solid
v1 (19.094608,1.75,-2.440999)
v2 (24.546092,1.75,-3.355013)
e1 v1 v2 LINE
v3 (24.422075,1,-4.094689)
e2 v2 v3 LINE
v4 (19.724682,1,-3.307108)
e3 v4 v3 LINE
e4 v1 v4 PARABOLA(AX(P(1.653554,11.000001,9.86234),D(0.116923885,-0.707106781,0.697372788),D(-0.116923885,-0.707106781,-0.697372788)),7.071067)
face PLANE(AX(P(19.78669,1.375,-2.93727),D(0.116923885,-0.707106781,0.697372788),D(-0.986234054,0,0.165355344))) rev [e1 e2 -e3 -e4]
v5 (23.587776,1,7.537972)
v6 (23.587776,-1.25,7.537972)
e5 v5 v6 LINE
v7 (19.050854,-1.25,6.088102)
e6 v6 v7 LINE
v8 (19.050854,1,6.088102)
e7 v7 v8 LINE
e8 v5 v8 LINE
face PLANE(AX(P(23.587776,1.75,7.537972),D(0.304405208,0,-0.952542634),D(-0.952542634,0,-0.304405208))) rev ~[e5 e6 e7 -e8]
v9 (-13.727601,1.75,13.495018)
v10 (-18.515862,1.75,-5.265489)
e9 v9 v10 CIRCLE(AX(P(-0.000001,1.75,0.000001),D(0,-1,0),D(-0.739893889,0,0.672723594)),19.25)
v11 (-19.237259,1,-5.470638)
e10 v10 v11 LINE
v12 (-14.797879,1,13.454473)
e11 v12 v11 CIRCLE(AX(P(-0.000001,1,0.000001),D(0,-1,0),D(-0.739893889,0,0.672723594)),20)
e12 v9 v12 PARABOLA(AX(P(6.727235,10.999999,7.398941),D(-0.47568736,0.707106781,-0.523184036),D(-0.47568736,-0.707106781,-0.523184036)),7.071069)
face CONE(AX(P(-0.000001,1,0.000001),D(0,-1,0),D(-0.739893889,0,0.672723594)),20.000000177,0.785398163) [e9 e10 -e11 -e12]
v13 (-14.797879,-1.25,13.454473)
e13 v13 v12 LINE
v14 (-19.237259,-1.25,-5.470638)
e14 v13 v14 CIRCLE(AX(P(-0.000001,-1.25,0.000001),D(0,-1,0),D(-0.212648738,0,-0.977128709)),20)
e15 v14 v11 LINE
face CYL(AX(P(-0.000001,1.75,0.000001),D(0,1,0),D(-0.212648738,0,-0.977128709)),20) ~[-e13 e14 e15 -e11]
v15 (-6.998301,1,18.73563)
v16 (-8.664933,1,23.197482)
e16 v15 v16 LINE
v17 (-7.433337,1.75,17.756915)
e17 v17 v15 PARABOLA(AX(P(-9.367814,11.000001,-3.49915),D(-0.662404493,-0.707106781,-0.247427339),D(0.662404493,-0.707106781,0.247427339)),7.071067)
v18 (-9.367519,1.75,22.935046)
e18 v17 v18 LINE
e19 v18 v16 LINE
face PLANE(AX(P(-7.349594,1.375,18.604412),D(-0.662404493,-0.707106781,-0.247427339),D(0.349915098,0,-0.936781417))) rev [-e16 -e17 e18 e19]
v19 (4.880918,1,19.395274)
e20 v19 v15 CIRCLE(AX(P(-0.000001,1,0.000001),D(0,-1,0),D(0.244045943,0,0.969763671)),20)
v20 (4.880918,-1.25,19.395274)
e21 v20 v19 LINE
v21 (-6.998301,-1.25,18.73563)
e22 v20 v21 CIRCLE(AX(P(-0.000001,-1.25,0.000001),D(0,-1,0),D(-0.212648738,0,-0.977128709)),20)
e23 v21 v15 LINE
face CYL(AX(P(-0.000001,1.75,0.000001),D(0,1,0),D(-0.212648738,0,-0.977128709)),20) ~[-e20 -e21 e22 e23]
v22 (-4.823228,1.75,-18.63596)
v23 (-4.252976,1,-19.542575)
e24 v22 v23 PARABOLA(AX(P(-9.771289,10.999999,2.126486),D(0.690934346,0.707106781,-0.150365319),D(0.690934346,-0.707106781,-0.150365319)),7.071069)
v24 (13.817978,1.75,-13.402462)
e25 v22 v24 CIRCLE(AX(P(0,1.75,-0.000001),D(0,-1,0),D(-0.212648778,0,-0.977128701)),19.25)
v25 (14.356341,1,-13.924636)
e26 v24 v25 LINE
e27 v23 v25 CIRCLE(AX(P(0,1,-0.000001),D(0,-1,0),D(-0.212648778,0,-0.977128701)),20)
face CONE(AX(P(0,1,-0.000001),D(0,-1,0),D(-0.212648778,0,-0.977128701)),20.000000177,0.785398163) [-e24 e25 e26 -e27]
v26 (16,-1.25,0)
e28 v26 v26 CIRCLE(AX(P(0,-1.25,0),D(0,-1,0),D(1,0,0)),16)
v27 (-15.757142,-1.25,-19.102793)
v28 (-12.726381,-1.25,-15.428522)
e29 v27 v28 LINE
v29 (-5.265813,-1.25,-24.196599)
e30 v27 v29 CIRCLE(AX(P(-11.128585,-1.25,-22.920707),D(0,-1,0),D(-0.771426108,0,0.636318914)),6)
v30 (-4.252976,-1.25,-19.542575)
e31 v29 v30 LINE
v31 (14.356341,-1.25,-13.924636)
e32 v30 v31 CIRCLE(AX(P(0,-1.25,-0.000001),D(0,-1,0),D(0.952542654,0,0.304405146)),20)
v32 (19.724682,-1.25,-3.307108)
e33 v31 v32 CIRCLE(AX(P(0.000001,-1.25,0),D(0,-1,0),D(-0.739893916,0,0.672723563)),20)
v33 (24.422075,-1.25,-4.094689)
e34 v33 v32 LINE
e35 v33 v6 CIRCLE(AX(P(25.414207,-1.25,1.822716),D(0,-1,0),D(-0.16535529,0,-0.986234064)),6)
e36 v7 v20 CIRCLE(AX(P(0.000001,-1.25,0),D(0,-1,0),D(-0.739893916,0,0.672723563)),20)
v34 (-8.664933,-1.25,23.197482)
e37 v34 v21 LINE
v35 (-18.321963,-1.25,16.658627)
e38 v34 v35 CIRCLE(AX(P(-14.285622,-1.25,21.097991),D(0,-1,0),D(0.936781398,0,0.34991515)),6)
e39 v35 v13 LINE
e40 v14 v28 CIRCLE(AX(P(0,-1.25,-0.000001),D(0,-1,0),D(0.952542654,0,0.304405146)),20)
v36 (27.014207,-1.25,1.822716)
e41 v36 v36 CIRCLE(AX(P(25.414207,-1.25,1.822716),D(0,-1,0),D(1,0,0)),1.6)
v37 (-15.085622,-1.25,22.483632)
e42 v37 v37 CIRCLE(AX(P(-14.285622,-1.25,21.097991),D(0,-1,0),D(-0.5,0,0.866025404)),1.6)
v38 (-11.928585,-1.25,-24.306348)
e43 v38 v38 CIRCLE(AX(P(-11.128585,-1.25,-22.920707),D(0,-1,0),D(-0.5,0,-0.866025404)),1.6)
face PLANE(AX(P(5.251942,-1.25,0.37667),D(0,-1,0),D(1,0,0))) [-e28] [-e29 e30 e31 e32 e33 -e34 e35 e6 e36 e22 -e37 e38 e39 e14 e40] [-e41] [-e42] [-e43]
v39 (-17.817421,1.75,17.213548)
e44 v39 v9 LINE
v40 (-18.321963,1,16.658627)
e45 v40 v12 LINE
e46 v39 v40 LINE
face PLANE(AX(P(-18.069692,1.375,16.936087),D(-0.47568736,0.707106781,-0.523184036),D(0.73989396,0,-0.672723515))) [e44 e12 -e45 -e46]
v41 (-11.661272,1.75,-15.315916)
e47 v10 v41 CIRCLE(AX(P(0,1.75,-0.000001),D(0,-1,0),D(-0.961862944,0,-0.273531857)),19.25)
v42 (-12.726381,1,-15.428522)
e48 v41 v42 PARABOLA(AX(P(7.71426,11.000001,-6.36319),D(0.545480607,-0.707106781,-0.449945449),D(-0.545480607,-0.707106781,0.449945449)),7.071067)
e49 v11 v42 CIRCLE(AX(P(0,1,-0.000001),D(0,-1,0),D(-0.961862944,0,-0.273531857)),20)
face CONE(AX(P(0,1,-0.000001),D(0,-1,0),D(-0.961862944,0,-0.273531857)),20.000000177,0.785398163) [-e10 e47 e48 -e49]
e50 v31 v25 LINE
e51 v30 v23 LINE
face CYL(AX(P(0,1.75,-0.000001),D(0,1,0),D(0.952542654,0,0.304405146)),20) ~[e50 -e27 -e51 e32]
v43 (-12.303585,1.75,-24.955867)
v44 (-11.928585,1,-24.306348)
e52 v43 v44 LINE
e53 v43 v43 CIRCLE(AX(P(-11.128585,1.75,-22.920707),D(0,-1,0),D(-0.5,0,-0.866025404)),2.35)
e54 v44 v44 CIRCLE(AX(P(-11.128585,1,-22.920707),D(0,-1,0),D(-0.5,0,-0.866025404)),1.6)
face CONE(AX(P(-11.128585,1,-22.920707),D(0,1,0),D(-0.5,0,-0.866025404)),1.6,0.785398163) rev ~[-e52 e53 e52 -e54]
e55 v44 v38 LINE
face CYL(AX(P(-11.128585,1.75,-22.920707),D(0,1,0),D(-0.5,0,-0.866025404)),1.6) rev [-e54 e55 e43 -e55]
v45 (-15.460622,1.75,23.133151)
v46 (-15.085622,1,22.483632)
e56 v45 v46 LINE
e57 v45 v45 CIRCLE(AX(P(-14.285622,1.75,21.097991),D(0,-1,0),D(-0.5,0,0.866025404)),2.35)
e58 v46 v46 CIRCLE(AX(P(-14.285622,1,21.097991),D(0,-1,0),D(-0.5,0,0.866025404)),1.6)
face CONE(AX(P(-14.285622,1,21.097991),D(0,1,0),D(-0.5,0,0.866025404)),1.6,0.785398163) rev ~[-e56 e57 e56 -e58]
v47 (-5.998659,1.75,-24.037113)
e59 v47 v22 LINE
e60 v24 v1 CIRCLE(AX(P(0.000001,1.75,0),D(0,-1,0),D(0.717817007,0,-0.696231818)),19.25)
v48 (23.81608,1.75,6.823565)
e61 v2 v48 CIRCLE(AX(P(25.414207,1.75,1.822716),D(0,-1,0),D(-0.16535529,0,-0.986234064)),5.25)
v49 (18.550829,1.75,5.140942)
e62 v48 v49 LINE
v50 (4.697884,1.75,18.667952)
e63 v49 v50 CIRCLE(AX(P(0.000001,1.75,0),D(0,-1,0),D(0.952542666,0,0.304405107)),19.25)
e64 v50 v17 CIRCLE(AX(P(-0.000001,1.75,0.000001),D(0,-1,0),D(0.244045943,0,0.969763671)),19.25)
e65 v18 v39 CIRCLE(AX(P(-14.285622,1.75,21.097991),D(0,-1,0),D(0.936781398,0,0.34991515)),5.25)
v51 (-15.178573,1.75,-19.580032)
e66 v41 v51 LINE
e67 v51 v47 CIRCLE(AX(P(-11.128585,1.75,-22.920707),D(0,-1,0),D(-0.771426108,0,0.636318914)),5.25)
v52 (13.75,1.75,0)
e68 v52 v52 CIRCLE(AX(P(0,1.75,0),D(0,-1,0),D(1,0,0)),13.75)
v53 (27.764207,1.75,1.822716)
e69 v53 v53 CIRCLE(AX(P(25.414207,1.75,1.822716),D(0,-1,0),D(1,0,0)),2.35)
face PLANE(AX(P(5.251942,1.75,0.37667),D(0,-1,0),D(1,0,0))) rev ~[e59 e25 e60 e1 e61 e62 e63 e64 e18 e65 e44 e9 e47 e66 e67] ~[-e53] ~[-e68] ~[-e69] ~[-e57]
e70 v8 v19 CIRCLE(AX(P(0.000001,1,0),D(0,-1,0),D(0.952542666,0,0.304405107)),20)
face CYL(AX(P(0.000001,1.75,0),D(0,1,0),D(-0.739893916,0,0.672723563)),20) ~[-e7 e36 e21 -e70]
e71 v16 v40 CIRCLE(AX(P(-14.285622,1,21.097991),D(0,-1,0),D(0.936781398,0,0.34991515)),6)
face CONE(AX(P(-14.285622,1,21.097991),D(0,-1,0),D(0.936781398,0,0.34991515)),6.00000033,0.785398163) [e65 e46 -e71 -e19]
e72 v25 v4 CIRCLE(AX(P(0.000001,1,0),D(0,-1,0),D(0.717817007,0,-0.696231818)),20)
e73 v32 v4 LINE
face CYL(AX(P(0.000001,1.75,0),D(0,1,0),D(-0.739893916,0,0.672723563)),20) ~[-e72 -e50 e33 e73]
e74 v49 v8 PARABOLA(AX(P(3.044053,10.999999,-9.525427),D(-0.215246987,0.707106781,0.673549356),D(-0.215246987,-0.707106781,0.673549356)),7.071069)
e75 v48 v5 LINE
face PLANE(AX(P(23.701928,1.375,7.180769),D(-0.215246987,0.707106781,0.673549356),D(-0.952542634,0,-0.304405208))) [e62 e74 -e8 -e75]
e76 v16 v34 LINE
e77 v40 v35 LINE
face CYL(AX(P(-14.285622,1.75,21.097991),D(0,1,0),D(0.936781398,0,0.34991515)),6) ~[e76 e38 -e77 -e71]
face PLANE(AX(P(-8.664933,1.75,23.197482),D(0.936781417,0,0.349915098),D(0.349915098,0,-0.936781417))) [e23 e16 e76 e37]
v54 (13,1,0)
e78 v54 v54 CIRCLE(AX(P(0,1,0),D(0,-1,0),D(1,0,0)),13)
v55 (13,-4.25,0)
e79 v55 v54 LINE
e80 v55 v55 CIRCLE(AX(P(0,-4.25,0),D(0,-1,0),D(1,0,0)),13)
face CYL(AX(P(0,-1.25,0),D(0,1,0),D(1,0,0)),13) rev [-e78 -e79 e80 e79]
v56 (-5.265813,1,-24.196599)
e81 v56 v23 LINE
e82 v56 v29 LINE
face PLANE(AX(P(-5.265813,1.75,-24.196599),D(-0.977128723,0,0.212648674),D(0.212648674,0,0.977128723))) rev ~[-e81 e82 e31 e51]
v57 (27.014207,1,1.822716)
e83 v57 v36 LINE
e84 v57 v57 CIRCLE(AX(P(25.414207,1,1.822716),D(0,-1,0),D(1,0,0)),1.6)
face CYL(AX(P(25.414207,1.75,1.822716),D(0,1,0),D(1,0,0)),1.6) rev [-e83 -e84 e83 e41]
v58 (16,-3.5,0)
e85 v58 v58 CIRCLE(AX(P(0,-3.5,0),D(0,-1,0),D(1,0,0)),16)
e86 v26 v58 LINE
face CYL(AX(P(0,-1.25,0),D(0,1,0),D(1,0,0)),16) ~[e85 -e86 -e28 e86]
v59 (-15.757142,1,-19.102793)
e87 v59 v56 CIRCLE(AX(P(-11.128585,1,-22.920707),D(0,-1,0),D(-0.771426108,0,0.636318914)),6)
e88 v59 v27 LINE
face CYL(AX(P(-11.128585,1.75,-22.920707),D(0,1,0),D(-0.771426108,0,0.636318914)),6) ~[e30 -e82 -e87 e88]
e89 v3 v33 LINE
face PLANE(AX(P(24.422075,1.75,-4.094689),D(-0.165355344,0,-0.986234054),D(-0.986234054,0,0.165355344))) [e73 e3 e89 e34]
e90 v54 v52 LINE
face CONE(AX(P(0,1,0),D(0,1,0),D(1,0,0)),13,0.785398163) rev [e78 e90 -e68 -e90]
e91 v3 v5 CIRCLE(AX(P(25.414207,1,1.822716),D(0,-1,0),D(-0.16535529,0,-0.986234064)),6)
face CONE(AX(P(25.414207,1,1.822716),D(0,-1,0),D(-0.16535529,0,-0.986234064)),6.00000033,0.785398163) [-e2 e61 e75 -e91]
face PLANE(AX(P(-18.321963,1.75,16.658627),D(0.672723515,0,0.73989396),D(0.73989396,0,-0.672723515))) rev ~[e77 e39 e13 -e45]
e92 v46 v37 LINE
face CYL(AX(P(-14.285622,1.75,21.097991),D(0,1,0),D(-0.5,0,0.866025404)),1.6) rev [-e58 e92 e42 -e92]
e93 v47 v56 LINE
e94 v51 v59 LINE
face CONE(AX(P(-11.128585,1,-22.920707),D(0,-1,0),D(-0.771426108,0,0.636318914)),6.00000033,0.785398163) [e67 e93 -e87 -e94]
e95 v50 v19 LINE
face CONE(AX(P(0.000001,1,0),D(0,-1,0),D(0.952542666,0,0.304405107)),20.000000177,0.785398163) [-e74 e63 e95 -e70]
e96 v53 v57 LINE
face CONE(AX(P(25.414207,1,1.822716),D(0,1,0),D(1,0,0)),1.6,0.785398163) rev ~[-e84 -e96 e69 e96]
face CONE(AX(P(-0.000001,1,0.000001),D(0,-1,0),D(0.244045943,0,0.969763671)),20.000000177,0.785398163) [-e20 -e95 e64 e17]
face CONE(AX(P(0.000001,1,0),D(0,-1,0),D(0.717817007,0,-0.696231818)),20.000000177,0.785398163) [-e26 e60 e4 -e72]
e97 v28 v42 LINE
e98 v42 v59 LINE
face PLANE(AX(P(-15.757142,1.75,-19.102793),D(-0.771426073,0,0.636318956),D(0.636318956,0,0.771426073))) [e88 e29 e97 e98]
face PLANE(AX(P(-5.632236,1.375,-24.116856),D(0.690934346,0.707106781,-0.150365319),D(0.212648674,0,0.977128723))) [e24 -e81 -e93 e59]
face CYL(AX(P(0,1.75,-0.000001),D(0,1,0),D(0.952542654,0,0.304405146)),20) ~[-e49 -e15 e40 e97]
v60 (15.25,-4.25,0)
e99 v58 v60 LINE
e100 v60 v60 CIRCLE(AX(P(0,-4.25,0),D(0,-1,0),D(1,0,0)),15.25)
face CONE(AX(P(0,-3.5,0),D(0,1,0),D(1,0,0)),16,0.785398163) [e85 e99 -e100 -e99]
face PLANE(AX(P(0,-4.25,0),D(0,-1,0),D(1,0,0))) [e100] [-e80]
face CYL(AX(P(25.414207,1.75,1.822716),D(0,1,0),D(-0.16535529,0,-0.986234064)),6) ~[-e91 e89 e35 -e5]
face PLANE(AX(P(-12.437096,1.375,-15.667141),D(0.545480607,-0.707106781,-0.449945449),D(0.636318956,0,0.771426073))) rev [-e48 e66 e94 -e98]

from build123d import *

# Parameters (mm, degrees)
SKETCH004_R           = 13
SKETCH004_R_2         = 1.6
PAD001_DEPTH          = 3
POLARPATTERN001_COUNT = 3
SKETCH005_R           = 16
SKETCH005_R_2         = 13
PAD002_DEPTH          = 3
CHAMFER003_SIZE       = 0.75


with BuildPart() as part:
    # Sketch004 (on Face1 of Binder001) → Pad001 (new body)
    with BuildSketch(Plane.XZ.offset(-1.75)):
        with BuildLine():
            ThreePointArc((19.050853, 6.088102), (-19.94876, -1.430732), (19.724681, -3.307108))
            Line((24.422075, -4.094689), (19.724681, -3.307108))
            ThreePointArc((24.422075, -4.094689), (31.398835, 2.251935), (23.587776, 7.537972))
            Line((23.587776, 7.537972), (19.050853, 6.088102))
        make_face()
        Circle(SKETCH004_R, mode=Mode.SUBTRACT)
        with Locations((25.414207, 1.822716)):
            Circle(SKETCH004_R_2, mode=Mode.SUBTRACT)
    pad001 = extrude(amount=PAD001_DEPTH)

    # PolarPattern001: Pad001 ×3 about axis
    polarpattern001_axis = Axis((0, 1.75, 0), (0, -1, 0))
    for i in range(1, POLARPATTERN001_COUNT):
        add(pad001.rotate(polarpattern001_axis, i * 360 / POLARPATTERN001_COUNT))

    # Sketch005 (on Face17 of PolarPattern001) → Pad002 (join)
    with BuildSketch(Plane.XZ.offset(1.25)):
        Circle(SKETCH005_R)
        Circle(SKETCH005_R_2, mode=Mode.SUBTRACT)
    extrude(amount=PAD002_DEPTH)

    # Chamfer003
    chamfer003_edges = [part.edges().sort_by_distance(p)[0] for p in [
        (-16, -4.25, 0),
        (31.398835, 1.75, 2.251935),
        (22.073378, 1.75, -3.700898),
        (11.21343, 1.75, -16.560767),
        (-4.759394, 1.75, -21.869587),
        (-13.749184, 1.75, -28.318156),
        (-14.241761, 1.75, -17.265657),
        (-19.94876, 1.75, -1.430732),
        (-16.55992, 1.75, 15.05655),
        (-17.64965, 1.75, 26.066221),
        (-7.831617, 1.75, 20.966555),
        (8.73533, 1.75, 17.991498),
        (21.319315, 1.75, 6.813037),
        (6.5, 1.75, 11.25833),
        (-13, 1.75, 0),
        (6.5, 1.75, -11.25833),
        (23.814207, 1.75, 1.822716),
        (-13.485622, 1.75, 19.71235),
        (-10.328585, 1.75, -21.535066),
    ]]
    chamfer(chamfer003_edges, length=CHAMFER003_SIZE)


solid = part.part
